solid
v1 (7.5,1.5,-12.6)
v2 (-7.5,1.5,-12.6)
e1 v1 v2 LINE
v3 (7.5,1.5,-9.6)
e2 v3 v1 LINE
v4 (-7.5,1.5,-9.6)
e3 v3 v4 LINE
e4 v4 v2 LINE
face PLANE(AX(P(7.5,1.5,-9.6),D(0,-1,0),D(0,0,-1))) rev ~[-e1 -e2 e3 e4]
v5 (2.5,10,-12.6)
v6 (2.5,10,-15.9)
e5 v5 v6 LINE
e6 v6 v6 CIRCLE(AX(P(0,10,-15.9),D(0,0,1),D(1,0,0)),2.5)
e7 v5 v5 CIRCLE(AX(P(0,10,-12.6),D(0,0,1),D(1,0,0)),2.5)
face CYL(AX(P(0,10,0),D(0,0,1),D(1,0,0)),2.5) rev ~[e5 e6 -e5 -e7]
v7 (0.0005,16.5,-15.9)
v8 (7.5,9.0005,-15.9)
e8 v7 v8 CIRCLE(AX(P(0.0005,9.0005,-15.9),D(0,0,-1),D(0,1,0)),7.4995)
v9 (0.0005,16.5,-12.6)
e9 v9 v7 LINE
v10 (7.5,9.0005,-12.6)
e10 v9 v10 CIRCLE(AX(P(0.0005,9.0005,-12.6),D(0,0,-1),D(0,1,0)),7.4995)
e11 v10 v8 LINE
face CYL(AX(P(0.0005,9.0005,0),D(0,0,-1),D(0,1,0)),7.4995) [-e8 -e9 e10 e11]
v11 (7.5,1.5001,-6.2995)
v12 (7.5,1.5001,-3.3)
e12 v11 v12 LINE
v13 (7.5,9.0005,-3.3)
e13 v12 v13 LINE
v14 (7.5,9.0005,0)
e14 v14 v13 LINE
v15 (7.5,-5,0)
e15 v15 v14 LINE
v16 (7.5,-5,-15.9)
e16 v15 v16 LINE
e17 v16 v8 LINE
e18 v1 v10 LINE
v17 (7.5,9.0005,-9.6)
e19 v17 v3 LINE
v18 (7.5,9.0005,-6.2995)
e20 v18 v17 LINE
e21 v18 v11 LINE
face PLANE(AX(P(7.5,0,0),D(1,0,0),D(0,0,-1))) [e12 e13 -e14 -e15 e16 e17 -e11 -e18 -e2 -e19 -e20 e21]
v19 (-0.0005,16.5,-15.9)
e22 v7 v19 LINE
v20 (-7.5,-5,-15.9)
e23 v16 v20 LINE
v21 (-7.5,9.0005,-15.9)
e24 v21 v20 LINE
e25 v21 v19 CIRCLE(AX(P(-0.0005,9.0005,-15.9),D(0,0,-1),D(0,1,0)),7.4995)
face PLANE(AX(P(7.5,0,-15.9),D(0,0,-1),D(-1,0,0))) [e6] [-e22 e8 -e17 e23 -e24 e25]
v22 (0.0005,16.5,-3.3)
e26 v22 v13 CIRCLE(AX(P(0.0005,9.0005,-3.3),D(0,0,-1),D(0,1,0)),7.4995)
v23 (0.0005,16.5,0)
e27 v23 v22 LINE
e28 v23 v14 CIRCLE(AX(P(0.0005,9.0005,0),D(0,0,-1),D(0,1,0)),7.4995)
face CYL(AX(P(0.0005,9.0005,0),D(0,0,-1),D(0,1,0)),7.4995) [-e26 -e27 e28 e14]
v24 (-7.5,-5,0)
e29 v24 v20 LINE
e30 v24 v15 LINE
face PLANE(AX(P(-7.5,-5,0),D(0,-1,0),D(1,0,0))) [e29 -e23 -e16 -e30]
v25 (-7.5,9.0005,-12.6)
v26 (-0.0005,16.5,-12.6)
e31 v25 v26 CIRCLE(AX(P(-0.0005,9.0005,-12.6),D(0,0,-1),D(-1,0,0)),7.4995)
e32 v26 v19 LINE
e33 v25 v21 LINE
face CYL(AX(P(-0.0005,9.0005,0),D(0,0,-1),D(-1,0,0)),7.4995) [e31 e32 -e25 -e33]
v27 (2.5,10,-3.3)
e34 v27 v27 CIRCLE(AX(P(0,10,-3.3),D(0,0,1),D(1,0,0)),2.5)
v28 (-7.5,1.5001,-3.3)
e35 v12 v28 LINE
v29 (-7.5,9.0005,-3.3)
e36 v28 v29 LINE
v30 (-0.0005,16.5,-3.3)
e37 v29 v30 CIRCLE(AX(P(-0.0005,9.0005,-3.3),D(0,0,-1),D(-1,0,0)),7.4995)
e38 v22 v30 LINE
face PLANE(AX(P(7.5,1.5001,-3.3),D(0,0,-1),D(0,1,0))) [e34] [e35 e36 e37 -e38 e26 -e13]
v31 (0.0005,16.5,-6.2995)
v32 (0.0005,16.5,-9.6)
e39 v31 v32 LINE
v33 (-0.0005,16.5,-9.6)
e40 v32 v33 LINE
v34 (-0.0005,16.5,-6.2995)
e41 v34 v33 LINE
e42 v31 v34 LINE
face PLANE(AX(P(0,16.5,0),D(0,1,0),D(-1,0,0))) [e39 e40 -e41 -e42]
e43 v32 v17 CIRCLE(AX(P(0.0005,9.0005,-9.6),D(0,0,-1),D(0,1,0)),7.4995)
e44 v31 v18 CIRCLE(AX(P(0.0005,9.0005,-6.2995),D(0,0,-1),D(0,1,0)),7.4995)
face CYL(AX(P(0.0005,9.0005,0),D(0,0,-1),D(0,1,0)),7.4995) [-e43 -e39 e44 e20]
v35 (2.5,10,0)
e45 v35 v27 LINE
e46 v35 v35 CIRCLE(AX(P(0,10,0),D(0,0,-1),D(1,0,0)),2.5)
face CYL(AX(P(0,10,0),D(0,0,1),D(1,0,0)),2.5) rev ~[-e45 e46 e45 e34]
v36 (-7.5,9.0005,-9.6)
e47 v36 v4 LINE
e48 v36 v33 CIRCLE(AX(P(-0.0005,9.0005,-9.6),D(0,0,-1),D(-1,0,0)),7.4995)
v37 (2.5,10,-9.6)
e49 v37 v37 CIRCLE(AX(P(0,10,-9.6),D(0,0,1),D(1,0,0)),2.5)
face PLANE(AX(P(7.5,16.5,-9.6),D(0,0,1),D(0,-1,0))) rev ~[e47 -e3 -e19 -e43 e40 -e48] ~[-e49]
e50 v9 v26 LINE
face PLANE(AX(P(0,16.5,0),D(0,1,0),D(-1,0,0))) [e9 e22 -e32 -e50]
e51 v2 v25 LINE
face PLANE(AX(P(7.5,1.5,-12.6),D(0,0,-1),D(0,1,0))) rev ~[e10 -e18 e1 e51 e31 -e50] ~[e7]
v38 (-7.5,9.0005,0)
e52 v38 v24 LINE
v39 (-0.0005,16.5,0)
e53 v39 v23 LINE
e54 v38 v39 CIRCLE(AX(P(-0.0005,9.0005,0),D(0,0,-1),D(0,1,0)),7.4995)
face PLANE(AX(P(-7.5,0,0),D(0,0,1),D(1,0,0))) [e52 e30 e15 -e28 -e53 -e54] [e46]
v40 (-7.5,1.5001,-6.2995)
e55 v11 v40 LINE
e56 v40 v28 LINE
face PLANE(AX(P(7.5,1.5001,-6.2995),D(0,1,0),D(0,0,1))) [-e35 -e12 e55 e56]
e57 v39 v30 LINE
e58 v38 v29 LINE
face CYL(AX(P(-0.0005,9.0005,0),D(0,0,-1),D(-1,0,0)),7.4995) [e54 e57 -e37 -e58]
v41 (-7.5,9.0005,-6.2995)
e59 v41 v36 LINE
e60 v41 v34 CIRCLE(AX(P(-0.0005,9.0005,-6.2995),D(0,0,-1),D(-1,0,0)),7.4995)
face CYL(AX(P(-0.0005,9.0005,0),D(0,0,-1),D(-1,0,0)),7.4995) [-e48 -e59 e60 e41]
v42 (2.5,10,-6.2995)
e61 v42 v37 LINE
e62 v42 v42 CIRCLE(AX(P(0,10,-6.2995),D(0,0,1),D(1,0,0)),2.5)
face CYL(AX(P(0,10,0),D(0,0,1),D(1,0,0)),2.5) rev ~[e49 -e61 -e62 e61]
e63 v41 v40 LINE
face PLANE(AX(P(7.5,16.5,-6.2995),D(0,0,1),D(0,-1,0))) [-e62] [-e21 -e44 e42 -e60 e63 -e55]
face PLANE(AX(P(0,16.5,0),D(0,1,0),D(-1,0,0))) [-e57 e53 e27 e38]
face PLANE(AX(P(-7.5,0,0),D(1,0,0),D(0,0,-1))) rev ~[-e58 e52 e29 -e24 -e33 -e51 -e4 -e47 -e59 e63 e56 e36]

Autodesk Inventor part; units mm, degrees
ref_plane "YZ Plane" through (0, 0, 0) normal (1, 0, 0) x (0, 1, 0)
ref_plane "XZ Plane" through (0, 0, 0) normal (0, 1, 0) x (-1, 0, 0)
ref_plane "XY Plane" through (0, 0, 0) normal (0, 0, 1) x (1, 0, 0)
sketch "Sketch4" plane through (0, 0, 0) normal (0, 0, 1) x (1, 0, 0)
  line L0 (-10.5, 0) -> (10.5, 0) projected
  line L1 (0, -3.3) -> (0, 19.8) projected
  line L2 (-7.5, 0) -> (7.5, 0)
  line L3 (7.5, 0) -> (7.5, 16.5)
  line L4 (7.5, 16.5) -> (-7.5, 16.5)
  line L5 (-7.5, 16.5) -> (-7.5, 0)
  circle A0 centre (0, 10) radius 2.5
  point P0 (0, 0)
  dimension "d0" = 7.5
  dimension "d1" = 7.5
  dimension "d2" = 16.5
  dimension "d3" = 5
  dimension "d4" = 6.5
extrude "Extrusion1" add sketch "Sketch4" against normal blind 15.9 contours L5 L4 L1 A0 L0 | L1 A0 L4 L3 L0
fillet "Fillet1" radius 7.5 2 edges at (7.5, 16.5, -7.95) (-7.5, 16.5, -7.95)
sketch "Sketch5" plane through (-7.5, 0, 0) normal (0, -1, 0) x (1, 0, 0)
  line L0 (0, 0) -> (0, -15.9) projected
  line L1 (15, 0) -> (15, -15.9) projected
  line L2 (0, 0) -> (15, 0)
  line L3 (15, 0) -> (15, -15.9)
  line L4 (15, -15.9) -> (0, -15.9)
  line L5 (0, -15.9) -> (0, 0)
  point P0 (7.5, 0)
extrude "Extrusion2" add sketch "Sketch5" along normal blind 5
sketch "Sketch6" plane through (7.5, 9, 0) normal (1, 0, 0) x (0, 0, -1)
  point P0 (0, -9)
sketch "Sketch7" plane through (7.5, 9, 0) normal (1, 0, 0) x (0, 0, -1)
  line L0 (0, 0) -> (0, 7.5) projected
  line L1 (0, 7.5) -> (3.3, 7.5)
  line L2 (3.3, 7.5) -> (3.3, -7.5)
  line L3 (3.3, -7.5) -> (0, -7.5)
  line L4 (0, -7.5) -> (0, 7.5)
  line L5 (0, 7.5) -> (15.9, 7.5) projected
  line L6 (6.3, 7.5) -> (9.6, 7.5)
  line L7 (9.6, 7.5) -> (9.6, -7.5)
  line L8 (9.6, -7.5) -> (6.3, -7.5)
  line L9 (6.3, -7.5) -> (6.3, 7.5)
  line L10 (12.6, 7.5) -> (15.9, 7.5)
  line L11 (15.9, 7.5) -> (15.9, -7.5)
  line L12 (15.9, -7.5) -> (12.6, -7.5)
  line L13 (12.6, -7.5) -> (12.6, 7.5)
  line L14 (3.3, -7.5) -> (6.3, -7.5)
  line L15 (9.6, -7.5) -> (12.6, -7.5)
  line L16 (3.3, 7.5) -> (6.3, 7.5)
  line L17 (9.6, 7.5) -> (12.6, 7.5)
  point P0 (0, -9)
  dimension "d10" = 3.3
  dimension "d11" = 15
  dimension "d12" = 3
  dimension "d13" = 3.3
  dimension "d14" = 3
  dimension "d15" = 3.3
sketch "Sketch8" plane through (7.5, 9, 0) normal (1, 0, 0) x (0, 0, -1)
  line L0 (0, 7.5) -> (15.9, 7.5) projected
  line L1 (3.3, 7.5) -> (6.2995, 7.5)
  line L2 (6.2995, 7.5) -> (6.2995, -7.4999)
  line L3 (6.2995, -7.4999) -> (3.3, -7.4999)
  line L4 (3.3, -7.4999) -> (3.3, 7.5)
  line L5 (9.5994, 7.5) -> (12.5997, 7.5)
  line L6 (12.5997, 7.5) -> (12.5997, -7.4999)
  line L7 (12.5997, -7.4999) -> (9.5994, -7.4999)
  line L8 (9.5994, -7.4999) -> (9.5994, 7.5)
  point P0 (0, -9)
extrude "Extrusion3" cut sketch "Sketch7" against normal through all contours L5 L13 L15 L7
extrude "Extrusion4" cut sketch "Sketch8" against normal through all contours L0 L2 L3 L4
properties part number "gopro_base"
